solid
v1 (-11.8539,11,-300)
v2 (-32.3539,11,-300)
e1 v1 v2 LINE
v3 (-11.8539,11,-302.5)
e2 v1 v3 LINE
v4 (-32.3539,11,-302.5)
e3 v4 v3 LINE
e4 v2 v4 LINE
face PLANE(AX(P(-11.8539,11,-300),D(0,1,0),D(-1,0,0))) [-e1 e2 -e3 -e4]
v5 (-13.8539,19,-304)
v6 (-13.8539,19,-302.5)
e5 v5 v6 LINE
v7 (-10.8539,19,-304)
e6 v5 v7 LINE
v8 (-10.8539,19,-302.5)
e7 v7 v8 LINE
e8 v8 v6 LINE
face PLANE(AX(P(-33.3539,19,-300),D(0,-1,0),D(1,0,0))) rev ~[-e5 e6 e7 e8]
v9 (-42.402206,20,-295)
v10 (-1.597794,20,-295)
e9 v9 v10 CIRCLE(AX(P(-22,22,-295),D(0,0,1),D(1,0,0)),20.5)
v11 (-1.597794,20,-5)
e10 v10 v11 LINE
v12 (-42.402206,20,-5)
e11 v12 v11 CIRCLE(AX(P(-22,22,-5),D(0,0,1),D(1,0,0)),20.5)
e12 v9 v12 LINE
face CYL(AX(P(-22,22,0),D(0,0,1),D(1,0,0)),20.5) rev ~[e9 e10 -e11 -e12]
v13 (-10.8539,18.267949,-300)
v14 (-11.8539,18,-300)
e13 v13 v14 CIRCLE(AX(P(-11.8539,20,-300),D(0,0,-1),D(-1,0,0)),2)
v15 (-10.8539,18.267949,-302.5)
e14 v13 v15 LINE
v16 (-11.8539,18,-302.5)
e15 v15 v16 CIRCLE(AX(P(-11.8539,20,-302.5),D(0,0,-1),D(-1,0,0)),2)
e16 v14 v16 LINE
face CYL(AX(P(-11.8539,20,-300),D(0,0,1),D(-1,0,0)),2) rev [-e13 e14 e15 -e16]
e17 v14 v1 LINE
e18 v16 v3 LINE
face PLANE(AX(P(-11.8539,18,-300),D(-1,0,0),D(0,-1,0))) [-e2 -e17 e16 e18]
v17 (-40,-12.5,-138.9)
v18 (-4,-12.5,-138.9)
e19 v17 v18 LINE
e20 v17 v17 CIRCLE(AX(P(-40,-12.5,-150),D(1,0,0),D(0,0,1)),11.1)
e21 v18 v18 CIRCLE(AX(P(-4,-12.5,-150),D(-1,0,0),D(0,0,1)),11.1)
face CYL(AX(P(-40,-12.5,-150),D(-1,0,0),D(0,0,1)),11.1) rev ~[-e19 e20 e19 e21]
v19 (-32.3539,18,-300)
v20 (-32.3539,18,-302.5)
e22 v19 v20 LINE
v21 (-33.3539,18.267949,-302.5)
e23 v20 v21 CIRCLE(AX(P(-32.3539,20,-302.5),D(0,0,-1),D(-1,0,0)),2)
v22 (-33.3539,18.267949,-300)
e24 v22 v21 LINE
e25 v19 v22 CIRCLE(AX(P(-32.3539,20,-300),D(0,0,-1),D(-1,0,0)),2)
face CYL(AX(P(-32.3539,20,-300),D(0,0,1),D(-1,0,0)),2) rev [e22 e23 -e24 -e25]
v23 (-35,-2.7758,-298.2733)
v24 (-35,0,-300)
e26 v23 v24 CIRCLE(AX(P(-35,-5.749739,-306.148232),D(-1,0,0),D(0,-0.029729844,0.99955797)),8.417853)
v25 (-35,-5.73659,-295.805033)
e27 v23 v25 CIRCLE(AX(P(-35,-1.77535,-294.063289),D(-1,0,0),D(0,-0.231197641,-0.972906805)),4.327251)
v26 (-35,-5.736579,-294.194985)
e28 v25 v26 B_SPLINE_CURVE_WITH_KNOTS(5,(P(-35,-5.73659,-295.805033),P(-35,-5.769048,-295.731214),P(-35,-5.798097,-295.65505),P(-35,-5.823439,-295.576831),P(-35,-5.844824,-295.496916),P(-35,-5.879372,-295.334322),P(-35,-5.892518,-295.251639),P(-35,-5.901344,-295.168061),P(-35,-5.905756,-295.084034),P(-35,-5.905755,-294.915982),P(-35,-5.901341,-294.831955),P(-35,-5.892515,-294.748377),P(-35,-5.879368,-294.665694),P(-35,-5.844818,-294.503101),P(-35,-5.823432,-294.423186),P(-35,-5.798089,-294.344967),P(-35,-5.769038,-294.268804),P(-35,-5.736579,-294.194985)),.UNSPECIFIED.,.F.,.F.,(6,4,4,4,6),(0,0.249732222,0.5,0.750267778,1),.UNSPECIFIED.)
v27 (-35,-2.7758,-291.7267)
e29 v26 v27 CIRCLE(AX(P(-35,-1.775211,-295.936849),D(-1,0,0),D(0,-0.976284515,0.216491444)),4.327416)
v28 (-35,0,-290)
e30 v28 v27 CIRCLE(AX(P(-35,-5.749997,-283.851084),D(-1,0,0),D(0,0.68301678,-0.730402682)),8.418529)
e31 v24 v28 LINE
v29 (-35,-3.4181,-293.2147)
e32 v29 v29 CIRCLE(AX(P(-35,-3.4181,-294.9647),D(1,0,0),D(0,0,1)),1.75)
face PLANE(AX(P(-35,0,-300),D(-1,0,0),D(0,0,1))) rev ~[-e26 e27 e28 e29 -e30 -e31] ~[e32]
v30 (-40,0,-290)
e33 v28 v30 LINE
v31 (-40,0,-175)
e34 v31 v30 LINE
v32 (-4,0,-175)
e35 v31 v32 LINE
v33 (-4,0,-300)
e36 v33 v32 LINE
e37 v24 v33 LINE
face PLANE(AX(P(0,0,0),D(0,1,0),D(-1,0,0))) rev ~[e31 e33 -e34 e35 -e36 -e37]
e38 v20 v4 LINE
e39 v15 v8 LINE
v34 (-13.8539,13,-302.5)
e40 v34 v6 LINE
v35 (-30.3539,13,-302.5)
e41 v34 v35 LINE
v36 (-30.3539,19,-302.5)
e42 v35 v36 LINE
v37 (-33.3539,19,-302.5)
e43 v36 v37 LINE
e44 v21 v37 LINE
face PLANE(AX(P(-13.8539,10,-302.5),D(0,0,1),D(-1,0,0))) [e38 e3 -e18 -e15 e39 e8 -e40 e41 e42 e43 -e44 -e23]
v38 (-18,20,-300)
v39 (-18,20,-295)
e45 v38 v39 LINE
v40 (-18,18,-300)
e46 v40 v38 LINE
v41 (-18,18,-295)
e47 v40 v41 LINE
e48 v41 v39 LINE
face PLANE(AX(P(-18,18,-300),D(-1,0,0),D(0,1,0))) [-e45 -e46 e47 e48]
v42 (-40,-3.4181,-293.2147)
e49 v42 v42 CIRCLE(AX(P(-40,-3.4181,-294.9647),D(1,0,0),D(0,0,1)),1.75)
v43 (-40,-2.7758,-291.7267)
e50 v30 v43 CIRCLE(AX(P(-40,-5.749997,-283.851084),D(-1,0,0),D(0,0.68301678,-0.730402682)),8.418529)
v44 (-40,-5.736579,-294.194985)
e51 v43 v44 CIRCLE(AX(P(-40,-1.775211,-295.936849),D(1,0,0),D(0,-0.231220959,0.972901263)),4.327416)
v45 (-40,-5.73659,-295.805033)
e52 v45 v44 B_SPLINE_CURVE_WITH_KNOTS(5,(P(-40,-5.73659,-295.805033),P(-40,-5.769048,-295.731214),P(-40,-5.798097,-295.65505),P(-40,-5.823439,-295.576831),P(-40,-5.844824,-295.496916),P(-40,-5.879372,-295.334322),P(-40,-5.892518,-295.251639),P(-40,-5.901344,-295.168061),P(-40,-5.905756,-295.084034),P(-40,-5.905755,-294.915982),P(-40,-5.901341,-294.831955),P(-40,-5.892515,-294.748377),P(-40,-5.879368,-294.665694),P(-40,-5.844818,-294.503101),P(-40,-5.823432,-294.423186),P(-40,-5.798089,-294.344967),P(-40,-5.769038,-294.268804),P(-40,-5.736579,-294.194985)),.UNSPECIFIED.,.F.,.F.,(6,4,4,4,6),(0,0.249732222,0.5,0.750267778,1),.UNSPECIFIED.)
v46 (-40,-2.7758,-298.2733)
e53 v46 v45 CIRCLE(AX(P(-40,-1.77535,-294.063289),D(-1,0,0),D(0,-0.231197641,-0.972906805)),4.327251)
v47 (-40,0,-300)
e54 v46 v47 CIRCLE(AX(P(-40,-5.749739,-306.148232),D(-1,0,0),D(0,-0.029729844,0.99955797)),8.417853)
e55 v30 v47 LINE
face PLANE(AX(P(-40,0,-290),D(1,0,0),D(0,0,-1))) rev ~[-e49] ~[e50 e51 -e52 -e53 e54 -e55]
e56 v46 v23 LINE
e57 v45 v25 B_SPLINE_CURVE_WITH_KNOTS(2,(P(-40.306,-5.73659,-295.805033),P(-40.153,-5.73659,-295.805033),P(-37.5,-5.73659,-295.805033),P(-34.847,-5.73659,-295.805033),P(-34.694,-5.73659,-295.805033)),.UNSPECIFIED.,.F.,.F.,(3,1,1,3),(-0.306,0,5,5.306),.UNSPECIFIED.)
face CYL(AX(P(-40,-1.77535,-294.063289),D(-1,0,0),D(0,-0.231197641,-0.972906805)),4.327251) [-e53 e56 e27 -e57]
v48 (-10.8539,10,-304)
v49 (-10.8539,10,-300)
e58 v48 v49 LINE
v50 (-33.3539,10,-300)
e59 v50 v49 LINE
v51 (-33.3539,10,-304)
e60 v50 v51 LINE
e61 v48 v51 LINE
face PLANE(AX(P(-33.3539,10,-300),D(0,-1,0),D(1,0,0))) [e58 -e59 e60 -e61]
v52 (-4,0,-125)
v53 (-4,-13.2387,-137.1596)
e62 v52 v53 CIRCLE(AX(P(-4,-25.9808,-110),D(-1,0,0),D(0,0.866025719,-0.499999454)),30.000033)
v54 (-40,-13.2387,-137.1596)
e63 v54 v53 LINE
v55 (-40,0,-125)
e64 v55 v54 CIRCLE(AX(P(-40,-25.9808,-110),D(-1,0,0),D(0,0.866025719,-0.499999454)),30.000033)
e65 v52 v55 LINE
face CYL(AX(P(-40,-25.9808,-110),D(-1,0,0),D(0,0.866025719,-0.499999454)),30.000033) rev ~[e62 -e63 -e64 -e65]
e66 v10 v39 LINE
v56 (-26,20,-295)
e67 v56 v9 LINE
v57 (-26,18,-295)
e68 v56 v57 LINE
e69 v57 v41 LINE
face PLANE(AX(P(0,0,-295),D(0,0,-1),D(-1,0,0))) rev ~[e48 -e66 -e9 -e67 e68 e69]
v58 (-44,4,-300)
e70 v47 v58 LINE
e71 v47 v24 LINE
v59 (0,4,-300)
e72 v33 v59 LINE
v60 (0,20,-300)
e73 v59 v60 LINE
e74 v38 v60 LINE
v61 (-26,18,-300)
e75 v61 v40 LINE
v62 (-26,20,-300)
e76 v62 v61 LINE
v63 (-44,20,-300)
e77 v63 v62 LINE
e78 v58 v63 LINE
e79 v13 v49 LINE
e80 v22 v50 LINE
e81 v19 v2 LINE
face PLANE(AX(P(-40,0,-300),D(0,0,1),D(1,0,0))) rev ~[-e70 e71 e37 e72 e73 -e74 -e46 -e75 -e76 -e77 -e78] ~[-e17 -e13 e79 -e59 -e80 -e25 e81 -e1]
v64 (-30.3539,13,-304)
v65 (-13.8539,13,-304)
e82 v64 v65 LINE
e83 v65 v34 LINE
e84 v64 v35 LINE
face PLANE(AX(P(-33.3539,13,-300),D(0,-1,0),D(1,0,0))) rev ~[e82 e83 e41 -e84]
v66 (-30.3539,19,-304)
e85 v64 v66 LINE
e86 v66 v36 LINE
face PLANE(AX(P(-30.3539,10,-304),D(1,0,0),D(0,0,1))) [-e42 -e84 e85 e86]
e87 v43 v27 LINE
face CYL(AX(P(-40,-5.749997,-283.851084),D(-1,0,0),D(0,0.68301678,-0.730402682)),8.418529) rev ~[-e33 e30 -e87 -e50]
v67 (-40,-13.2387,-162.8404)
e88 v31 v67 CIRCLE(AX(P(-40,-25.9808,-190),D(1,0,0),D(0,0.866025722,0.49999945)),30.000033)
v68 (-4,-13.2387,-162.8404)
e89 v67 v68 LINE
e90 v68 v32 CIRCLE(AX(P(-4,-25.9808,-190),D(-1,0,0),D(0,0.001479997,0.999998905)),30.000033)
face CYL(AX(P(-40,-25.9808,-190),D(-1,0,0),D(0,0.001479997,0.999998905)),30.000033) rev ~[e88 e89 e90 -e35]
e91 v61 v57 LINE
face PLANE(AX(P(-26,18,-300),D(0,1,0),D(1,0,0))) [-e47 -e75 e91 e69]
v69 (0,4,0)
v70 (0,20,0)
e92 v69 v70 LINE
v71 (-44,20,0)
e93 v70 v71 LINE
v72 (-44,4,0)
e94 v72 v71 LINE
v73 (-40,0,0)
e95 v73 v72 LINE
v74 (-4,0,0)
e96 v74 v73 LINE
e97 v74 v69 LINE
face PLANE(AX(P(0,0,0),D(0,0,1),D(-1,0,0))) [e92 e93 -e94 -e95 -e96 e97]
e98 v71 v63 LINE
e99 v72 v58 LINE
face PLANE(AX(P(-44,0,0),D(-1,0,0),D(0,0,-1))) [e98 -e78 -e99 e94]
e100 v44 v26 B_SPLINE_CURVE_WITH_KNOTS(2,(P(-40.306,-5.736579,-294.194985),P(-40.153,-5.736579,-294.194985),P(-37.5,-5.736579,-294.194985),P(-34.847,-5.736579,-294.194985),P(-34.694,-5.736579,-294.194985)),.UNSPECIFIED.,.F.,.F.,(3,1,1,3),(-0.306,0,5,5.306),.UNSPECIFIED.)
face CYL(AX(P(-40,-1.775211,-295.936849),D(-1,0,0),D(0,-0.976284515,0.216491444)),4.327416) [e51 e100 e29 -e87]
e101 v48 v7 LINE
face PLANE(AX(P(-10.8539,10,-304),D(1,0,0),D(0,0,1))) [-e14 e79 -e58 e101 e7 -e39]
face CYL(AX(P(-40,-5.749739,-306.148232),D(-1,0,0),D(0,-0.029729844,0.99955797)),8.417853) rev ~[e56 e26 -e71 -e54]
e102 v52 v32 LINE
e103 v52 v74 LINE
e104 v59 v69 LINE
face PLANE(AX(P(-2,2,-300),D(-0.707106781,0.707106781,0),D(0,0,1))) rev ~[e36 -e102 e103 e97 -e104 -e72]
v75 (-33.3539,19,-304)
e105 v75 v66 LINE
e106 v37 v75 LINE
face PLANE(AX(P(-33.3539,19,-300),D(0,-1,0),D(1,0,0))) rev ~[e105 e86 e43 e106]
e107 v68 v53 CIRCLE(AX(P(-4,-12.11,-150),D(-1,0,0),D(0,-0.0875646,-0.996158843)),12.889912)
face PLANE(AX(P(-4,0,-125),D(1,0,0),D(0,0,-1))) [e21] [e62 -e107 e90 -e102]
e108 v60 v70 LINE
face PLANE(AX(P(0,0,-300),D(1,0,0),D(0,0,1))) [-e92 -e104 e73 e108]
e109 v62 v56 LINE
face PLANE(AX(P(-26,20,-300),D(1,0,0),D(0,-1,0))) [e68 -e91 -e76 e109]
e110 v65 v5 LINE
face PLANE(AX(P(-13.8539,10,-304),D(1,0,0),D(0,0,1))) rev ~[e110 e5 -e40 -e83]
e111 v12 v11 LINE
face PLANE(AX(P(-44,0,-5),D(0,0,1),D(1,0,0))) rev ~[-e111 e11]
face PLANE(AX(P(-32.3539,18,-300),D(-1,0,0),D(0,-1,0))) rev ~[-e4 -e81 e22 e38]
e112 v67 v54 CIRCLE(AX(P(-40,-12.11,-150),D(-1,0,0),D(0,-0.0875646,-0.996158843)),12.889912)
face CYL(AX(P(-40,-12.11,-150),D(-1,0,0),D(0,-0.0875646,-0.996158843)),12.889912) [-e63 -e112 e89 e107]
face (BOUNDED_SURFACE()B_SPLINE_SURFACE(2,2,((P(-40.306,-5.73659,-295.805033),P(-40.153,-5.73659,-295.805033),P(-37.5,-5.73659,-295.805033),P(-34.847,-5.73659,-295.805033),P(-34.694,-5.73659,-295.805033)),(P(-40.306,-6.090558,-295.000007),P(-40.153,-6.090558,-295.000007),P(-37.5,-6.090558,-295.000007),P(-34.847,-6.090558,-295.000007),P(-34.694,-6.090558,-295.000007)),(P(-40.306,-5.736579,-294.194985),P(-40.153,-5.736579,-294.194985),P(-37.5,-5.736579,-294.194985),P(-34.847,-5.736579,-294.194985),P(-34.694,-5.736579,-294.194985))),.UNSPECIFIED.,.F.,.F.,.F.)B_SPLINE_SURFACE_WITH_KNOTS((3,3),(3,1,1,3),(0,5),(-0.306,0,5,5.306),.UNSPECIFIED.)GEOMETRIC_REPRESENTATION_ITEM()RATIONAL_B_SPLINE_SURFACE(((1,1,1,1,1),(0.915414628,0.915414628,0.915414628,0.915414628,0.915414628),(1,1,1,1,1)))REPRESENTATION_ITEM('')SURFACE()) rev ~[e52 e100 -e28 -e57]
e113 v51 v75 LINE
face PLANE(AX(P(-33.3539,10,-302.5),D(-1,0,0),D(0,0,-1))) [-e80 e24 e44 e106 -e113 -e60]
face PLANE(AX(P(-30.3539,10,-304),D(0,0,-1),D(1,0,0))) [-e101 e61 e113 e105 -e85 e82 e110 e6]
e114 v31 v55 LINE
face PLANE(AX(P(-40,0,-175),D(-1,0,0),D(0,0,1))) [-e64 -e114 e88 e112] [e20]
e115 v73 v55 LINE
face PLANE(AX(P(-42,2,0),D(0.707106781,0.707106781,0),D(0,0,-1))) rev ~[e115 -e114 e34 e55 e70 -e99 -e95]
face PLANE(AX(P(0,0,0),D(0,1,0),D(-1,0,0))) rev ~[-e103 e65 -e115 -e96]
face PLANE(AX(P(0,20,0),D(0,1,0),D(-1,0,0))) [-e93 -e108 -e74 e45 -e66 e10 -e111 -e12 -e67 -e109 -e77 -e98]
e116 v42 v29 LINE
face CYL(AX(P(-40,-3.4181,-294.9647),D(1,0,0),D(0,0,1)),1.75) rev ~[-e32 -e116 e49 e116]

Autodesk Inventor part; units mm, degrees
ref_plane "YZ Plane" through (0, 0, 0) normal (1, 0, 0) x (0, 1, 0)
ref_plane "XZ Plane" through (0, 0, 0) normal (0, 1, 0) x (-1, 0, 0)
ref_plane "XY Plane" through (0, 0, 0) normal (0, 0, 1) x (1, 0, 0)
sketch "Sketch1" plane through (0, 0, 0) normal (0, 1, 0) x (-1, 0, 0)
  line L0 (0, 0) -> (44, 0)
  line L1 (44, 0) -> (44, -300)
  line L2 (44, -300) -> (0, -300)
  line L3 (0, -300) -> (0, 0)
  dimension "d0" = 300
  dimension "d1" = 44
extrude "Extrusion1" add sketch "Sketch1" along normal blind 20
sketch "Sketch2" plane through (-44, 0, 0) normal (0, 0, 1) x (1, 0, 0)
  line L0 (44, 20) -> (0, 20) projected
  line L1 (44, 0) -> (0, 0) projected
  line L2 (0, 0) -> (44, 0)
  line L3 (44, 0) -> (44, 22)
  line L4 (44, 22) -> (0, 22)
  line L5 (0, 22) -> (0, 0)
  circle A0 centre (22, 22) radius 20.5
  dimension "d17" = 22
  dimension "d18" = 41
  dimension "d19" = 22
extrude "Extrusion2" cut sketch "Sketch2" against normal up to surface (300 mm away) contours A0 L0 | L0 A0 L4 | L4 A0
sketch "Sketch3" plane through (-44, 0, 0) normal (0, 0, 1) x (1, 0, 0)
  line L0 (0, 0) -> (0, 20) projected
  line L1 (0, 20) -> (44, 20)
  line L2 (44, 20) -> (44, 0)
  line L3 (44, 0) -> (0, 0)
  line L4 (0, 0) -> (0, 20)
extrude "Extrusion3" add sketch "Sketch3" against normal blind 5
sketch "Sketch4" plane through (0, 0, -300) normal (0, 0, -1) x (-1, 0, 0)
  line L0 (0, 0) -> (0, 20) projected
  line L1 (44, 0) -> (0, 0) projected
  line L2 (0, 20) -> (44, 20)
  line L3 (44, 20) -> (44, 0)
  line L4 (44, 0) -> (0, 0)
  line L5 (0, 0) -> (0, 20)
extrude "Extrusion4" add sketch "Sketch4" against normal blind 5
chamfer "Chamfer1" distance 4 angle 45 1 edges at (0, 0, -150)
chamfer "Chamfer2" distance 4 angle 45 1 edges at (-44, 0, -150)
sketch "Sketch5" plane through (0, 20, -300) normal (0, 0, -1) x (-1, 0, 0)
  line L0 (0, 0) -> (44, 0)
  line L1 (44, 0) -> (44, -20)
  line L2 (44, -20) -> (0, -20)
  line L3 (0, -20) -> (0, 0)
  line L4 (44, -16) -> (40, -20) projected
  line L5 (4, -20) -> (0, -16) projected
  line L6 (22, 0) -> (22, -20)
  line L7 (0, -10) -> (44, -10)
  line L8 (11.8539, 0) -> (11.8539, -20)
  line L9 (32.3539, 0) -> (32.3539, -20)
  line L10 (10.8539, 0) -> (10.8539, -20)
  line L11 (33.3539, 0) -> (33.3539, -20)
  line L12 (0, -9) -> (44, -9)
  circle A0 centre (11.8539, 0) radius 2
  circle A1 centre (32.3539, 0) radius 2
  point P0 (0, -20)
  point P1 (2, -18)
  point P2 (42, -18)
  point P3 (11.8539, -2)
  point P4 (10.8539, -1.7321)
  point P5 (10.8539, -10)
  point P6 (33.3539, -10)
  point P7 (33.3539, -1.7321)
  point P8 (32.3539, -2)
  point P9 (32.3539, -9)
  point P10 (11.8539, -9)
  dimension "d20" = 20
  dimension "d21" = 44
  dimension "d23" = 2
  dimension "d24" = 2
  dimension "d25" = 20.5
  dimension "d26" = 11.8539
  dimension "d27" = 1
  dimension "d28" = 1
  dimension "d29" = 9
  dimension "d30" = 4
  dimension "d31" = 4
extrude "Extrusion5" add sketch "Sketch5" along normal blind 2.5 contours A0 L8 L12 L10 | L12 L8 L7 L10 | L12 L6 L7 L8 | L12 L9 L7 L6 | A1 L11 L12 L9 | L12 L11 L7 L9
sketch "Sketch7" plane through (-33.3539, 10, -300) normal (0, -1, 0) x (1, 0, 0)
  line L0 (22.5, -2.5) -> (0, -2.5)
  line L1 (0, -2.5) -> (0, -4)
  line L2 (0, -4) -> (22.5, -4)
  line L3 (22.5, -4) -> (22.5, -2.5)
  line L4 (0, 0) -> (0, -2.5) projected
  line L5 (22.5, -4) -> (21.5, -4)
  line L6 (21.5, -2.5) -> (22.5, -2.5)
  line L7 (22.5, -2.5) -> (22.5, -4)
  line L8 (21.5, 0) -> (21.5, -2.5) projected
  line L9 (3, -2.5) -> (0, -2.5)
  line L10 (0, -2.5) -> (0, -4)
  line L11 (0, -4) -> (3, -4)
  line L12 (3, -4) -> (3, -2.5)
  line L13 (22.5, -2.5) -> (0, -2.5) projected
  line L14 (22.5, -4) -> (19.5, -4)
  line L15 (19.5, -4) -> (19.5, -2.5)
  line L16 (19.5, -2.5) -> (22.5, -2.5)
  line L17 (22.5, -2.5) -> (22.5, -4)
  point P0 (33.3539, 300)
  point P1 (22.5, -3.25)
  point P2 (19.5, -4)
  point P3 (19.5, -2.5)
  point P4 (3, -4)
  dimension "d36" = 1.5
  dimension "d37" = 3
  dimension "d38" = 3
extrude "Extrusion6" add sketch "Sketch7" against normal blind 3 contours L15 L2 L12 L0
extrude "Extrusion7" add sketch "Sketch7" against normal blind 9 contours L3 L2 L15 L0 | L12 L2 L1 L0
sketch "Sketch8" plane through (0, 0, 0) normal (0, -1, 0) x (1, 0, 0)
  line L0 (-44, -300) -> (-40, -300) projected
  line L1 (-40, -300) -> (-35, -300)
  line L2 (-35, -300) -> (-35, -290)
  line L3 (-35, -290) -> (-40, -290)
  line L4 (-40, -290) -> (-40, -300)
  line L5 (-4, 0) -> (-4, -300) projected
  point P0 (0, 0)
  point P1 (-37.5, -290)
  dimension "d43" = 10
  dimension "d44" = 5
extrude "Extrusion8" add sketch "Sketch8" along normal blind 6
sketch "Sketch9" plane through (-40, -6, -300) normal (-1, 0, 0) x (0, 0, 1)
  point P0 (300, 6)
  point P1 (5.0353, 2.5819)
hole "Hole1" at (-40, -3.4181, -294.9647) direction (1, 0, 0) diameter 3.5 end through all
sketch "Sketch10" plane through (-40, -6, -300) normal (-1, 0, 0) x (0, 0, 1)
  line L0 (10, 6) -> (0, 6) projected
  line L1 (0, 0) -> (10, 0) projected
  arc A0 (10, 6) -> (7.7341, 0) centre (16.1486, 0.2502) ccw
  arc A1 (5, 0) -> (8.2733, 3.2242) centre (4.0632, 4.2247) ccw
  line L2 (0, 6) -> (0, 0) projected
  arc A2 (2.2659, 0) -> (0, 6) centre (-6.1486, 0.2502) ccw
  arc A3 (1.7267, 3.2242) -> (5, 0) centre (5.9368, 4.2247) ccw
  line L3 (10, 6) -> (10, 0) projected
  point P0 (300, 6)
  point P1 (1.7267, 3.2242)
  point P2 (8.0453, 2.531)
  dimension "d54" = 8.4182
  dimension "d55" = 8.4182
  dimension "d56" = 4.3273
  dimension "d57" = 4.3273
  dimension "d58" = 2.2659
  dimension "d59" = 2.2659
  dimension "d60" = 5.9368
  dimension "d61" = 3.2242
  dimension "d64" = 1.7267
extrude "Extrusion10" cut sketch "Sketch10" against normal blind 6 contours L3 L1 A0 A1 | A2 A3 L1 L2 | A0 L1 A1 | A2 A3 L1
fillet "Fillet1" radius 2 1 edges at (-37.5, -6, -295)
sketch "Sketch11" plane through (0, 0, 0) normal (0, -1, 0) x (1, 0, 0)
  line L0 (-40, -290) -> (-40, 0) projected
  line L1 (-4, 0) -> (-4, -300) projected
  line L2 (-40, -175) -> (-4, -175)
  line L3 (-4, -175) -> (-4, -125)
  line L4 (-4, -125) -> (-40, -125)
  line L5 (-40, -125) -> (-40, -175)
  line L6 (-40, 0) -> (-4, 0) projected
  line L7 (-4, -300) -> (-35, -300) projected
  point P0 (0, 0)
  point P1 (-4, -175)
  dimension "d68" = 125
  dimension "d69" = 125
extrude "Extrusion11" add sketch "Sketch11" along normal blind 25 contours L0 L4 L1 L2
sketch "Sketch12" plane through (-40, -25, -175) normal (-1, 0, 0) x (0, 0, 1)
  point P0 (175, 25)
sketch "Sketch13" plane through (-40, -25, -175) normal (-1, 0, 0) x (0, 0, 1)
  line L0 (0, 25) -> (50, 25) projected
  line L1 (15, 25) -> (15, -0.9364)
  line L2 (35, 25) -> (35, -1.0252)
  line L3 (0, 25) -> (0, 0) projected
  line L4 (50, 25) -> (50, 0) projected
  arc A0 (50, 25) -> (35, -1.0252) centre (65, -0.9808) ccw
  line L5 (50, 0) -> (0, 0) projected
  arc A1 (25, 0) -> (39.0081, 14) centre (12.736, 26.2792) ccw
  line L6 (25, 25) -> (25, 0)
  arc A2 (15, -0.9364) -> (0, 25) centre (-15, -0.9808) ccw
  arc A3 (10.9919, 14) -> (25, 0) centre (37.264, 26.2792) ccw
  circle A4 centre (25, 12.5) radius 11.1
  arc A5 (16.7638, 5.7671) -> (33.2362, 5.7671) centre (25, 12.5) ccw
  arc A6 (12.1596, 11.7613) -> (37.8404, 11.7613) centre (25, 12.89) ccw
  point P0 (175, 25)
  point P1 (35, 0)
  point P2 (35.016, 0)
  point P3 (12.1596, 11.7613)
  point P4 (15, 7.6965)
  point P5 (19.2677, 3.5386)
  point P6 (30.7323, 3.5386)
  point P7 (35, 7.6965)
  point P8 (15, 0)
  point P9 (14.984, 0)
  point P10 (35, -0.9364)
  point P11 (25, 0)
  point P12 (14.2174, 5.8269)
  point P13 (35, 7.6823)
  point P14 (15, 7.6823)
  dimension "d73" = 15
  dimension "d74" = 15
  dimension "d75" = 29
  dimension "d76" = 30
  dimension "d77" = 14
  dimension "d78" = 22.2
extrude "Extrusion12" cut sketch "Sketch13" against normal through all contours A2 A3 A6 L5 L3 | A2 A3 | A4 L6 A5 A3 L1 | L1 A3 A4 | A2 A6 L1 L5 | A4 L2 A1 A5 L6 | A3 A5 A4 L1 | L1 A4 A3 | L1 A6 L5 | L4 L5 A0 A6 A1 | A4 A1 L2 | A5 A1 A4 L6 | L6 A4 A3 A5 | A3 A5 | A6 L2 L5 | A1 A0 | A1 A4 L2 | L2 A4 A1 A5 | A1 A5 | L5 A0 L2 | L2 A6 A0 L5
sketch "Sketch14" plane through (0, 20, -300) normal (0, 0, -1) x (-1, 0, 0)
  line L0 (1.5978, 0) -> (42.4022, 0) projected
  line L1 (18, 0) -> (26, 0)
  line L2 (26, 0) -> (26, -2)
  line L3 (26, -2) -> (18, -2)
  line L4 (18, -2) -> (18, 0)
  line L5 (0, -16) -> (0, 0) projected
  line L6 (44, -16) -> (44, 0) projected
  point P0 (0, -20)
  point P1 (18, -1)
  point P2 (26, 0)
  dimension "d81" = 18
  dimension "d82" = 18
  dimension "d83" = 2
extrude "Extrusion13" cut sketch "Sketch14" against normal blind 10
ref_plane "Work Plane1" through (7.9584, 20, -110) normal (0, 0, 1) x (-1, 0, 0)
split_face "Split3"
properties part number "profilrampa"
